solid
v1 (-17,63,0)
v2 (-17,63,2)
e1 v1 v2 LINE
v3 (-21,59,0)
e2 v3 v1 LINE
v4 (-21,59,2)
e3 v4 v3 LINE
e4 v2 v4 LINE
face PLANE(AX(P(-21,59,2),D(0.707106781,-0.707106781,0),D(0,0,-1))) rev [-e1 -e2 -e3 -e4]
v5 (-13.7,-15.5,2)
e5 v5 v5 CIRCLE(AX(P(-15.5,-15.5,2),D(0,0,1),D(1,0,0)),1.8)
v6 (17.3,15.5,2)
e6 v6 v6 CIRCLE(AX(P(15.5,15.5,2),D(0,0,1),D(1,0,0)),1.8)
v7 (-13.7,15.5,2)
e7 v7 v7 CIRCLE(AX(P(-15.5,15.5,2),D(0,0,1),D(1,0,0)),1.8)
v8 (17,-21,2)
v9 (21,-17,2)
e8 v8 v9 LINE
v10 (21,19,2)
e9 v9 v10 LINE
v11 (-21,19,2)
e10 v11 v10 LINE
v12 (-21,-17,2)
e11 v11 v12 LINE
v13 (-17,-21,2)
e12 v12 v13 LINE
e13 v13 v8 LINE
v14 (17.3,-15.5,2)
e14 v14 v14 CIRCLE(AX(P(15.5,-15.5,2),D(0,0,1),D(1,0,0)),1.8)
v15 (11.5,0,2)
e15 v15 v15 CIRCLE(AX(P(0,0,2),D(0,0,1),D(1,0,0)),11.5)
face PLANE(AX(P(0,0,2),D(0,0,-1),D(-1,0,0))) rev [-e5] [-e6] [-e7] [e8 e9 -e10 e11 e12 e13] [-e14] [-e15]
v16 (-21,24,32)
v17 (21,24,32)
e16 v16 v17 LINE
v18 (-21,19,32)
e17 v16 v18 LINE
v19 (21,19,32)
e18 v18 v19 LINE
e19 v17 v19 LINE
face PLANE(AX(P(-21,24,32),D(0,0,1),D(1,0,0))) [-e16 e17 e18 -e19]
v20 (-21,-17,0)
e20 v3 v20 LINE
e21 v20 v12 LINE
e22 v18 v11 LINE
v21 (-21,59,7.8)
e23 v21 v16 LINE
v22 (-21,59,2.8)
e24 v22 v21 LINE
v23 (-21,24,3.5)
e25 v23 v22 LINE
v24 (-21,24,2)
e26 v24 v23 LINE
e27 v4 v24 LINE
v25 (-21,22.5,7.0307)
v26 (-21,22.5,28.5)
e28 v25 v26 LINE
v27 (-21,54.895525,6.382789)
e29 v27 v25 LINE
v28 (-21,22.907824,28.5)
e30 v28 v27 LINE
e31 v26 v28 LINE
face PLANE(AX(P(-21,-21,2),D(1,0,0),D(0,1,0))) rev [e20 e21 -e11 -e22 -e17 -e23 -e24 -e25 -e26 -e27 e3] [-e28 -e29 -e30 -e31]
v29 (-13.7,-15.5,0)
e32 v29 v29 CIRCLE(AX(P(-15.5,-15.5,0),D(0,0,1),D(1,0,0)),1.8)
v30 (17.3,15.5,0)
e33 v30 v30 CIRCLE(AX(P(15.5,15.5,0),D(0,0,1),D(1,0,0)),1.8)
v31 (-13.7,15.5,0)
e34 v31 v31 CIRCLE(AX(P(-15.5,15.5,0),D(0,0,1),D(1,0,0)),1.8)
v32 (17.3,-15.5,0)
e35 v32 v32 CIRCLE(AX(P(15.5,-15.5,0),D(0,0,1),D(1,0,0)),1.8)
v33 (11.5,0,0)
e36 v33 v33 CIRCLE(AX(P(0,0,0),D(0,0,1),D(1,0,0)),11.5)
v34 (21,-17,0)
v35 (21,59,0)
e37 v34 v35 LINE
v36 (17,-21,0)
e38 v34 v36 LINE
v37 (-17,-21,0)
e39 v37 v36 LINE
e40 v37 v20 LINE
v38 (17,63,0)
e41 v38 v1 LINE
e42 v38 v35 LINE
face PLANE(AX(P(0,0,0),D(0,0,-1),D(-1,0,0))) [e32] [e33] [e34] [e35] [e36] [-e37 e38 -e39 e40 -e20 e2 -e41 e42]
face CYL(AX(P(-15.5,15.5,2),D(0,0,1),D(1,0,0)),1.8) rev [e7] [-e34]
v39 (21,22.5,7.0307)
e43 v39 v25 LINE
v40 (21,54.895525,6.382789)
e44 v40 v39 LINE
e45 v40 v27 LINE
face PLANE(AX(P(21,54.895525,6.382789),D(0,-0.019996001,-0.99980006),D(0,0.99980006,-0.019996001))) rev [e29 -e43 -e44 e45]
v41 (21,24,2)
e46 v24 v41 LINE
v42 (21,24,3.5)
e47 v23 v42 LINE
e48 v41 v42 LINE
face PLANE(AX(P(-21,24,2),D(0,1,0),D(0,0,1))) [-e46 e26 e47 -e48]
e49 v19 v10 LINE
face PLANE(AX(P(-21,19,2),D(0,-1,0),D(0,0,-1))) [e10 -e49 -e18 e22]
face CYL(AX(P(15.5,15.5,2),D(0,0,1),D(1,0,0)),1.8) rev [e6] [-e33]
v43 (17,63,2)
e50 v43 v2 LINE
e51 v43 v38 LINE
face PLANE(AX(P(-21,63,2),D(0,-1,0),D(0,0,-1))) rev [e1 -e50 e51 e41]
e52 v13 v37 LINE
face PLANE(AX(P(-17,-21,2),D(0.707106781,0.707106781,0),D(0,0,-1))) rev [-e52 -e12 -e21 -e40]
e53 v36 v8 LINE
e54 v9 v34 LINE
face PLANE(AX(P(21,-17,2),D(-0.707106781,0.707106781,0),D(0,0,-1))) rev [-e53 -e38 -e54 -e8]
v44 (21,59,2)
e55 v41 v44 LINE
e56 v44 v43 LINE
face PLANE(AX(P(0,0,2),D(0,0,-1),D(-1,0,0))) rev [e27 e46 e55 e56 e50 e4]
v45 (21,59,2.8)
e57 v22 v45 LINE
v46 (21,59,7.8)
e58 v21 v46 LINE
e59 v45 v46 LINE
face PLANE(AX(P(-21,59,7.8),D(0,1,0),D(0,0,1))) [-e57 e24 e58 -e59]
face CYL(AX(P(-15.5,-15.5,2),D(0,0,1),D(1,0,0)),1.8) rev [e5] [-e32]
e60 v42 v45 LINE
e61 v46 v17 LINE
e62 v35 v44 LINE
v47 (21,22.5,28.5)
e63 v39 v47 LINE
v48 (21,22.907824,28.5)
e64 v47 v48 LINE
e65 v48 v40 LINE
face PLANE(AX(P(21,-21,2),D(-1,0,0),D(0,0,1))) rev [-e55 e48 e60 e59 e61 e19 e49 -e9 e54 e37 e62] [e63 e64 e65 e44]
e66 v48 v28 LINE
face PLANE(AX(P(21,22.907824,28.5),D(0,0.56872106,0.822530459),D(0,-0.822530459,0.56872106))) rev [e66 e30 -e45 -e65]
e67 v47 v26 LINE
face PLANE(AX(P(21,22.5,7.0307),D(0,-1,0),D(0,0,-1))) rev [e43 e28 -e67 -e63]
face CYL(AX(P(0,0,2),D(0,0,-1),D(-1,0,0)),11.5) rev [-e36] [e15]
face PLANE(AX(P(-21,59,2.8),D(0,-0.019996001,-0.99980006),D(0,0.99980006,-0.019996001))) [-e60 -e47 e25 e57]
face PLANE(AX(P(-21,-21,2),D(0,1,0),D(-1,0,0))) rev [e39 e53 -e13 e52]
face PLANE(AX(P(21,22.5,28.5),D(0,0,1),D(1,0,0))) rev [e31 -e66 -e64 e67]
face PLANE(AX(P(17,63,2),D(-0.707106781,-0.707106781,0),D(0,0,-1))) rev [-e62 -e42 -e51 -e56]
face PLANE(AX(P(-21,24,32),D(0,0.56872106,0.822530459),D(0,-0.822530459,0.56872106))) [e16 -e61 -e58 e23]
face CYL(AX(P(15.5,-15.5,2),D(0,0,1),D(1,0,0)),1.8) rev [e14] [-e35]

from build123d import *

# Parameters (mm, degrees)
SKETCH1_W            = 42
SKETCH1_H            = 84
SKETCH1_R            = 11.5
BOSS_EXTRUDE1_DEPTH  = 2
M3_CLEARANCE_HOLE1_D = 3.6
CHAMFER1_SIZE        = 4
BOSS_EXTRUDE2_DEPTH  = 42
CUT_EXTRUDE4_DEPTH   = 43


with BuildPart() as part:
    # Sketch1 → Boss-Extrude1 (new body)
    with BuildSketch(Plane.XY):
        with Locations((0, 21)):
            Rectangle(SKETCH1_W, SKETCH1_H)
        Circle(SKETCH1_R, mode=Mode.SUBTRACT)
    extrude(amount=BOSS_EXTRUDE1_DEPTH)

    # M3 Clearance Hole1 (through all)
    with Locations(Plane.XY.offset(2)):
        with Locations((-15.5, 15.5), (15.5, 15.5), (15.5, -15.5), (-15.5, -15.5)):
            Hole(M3_CLEARANCE_HOLE1_D / 2)

    # Chamfer1
    chamfer1_edges = [part.edges().sort_by_distance(p)[0] for p in [
        (-21, 63, 1),
        (21, 63, 1),
        (21, -21, 1),
        (-21, -21, 1),
    ]]
    chamfer(chamfer1_edges, length=CHAMFER1_SIZE)

    # Sketch4 → Boss-Extrude2 (add, through all)
    with BuildSketch(Plane(origin=(21, 0, 0), x_dir=(0, 0, -1), z_dir=(1, 0, 0))):
        Polygon((-32, 24), (-7.8, 59), (-2.8, 59), (-3.5, 24), (-2, 24), (-2, 19), (-32, 19), align=None)
    extrude(amount=-BOSS_EXTRUDE2_DEPTH)

    # Sketch5 → Cut-Extrude4 (cut, through all)
    with BuildSketch(Plane.ZY.offset(21)):
        Polygon((7.03069993, 22.5), (28.5, 22.5), (28.5, 22.907824173), (6.382789422, 54.895525423), align=None)
    extrude(amount=-CUT_EXTRUDE4_DEPTH, mode=Mode.SUBTRACT)


solid = part.part
